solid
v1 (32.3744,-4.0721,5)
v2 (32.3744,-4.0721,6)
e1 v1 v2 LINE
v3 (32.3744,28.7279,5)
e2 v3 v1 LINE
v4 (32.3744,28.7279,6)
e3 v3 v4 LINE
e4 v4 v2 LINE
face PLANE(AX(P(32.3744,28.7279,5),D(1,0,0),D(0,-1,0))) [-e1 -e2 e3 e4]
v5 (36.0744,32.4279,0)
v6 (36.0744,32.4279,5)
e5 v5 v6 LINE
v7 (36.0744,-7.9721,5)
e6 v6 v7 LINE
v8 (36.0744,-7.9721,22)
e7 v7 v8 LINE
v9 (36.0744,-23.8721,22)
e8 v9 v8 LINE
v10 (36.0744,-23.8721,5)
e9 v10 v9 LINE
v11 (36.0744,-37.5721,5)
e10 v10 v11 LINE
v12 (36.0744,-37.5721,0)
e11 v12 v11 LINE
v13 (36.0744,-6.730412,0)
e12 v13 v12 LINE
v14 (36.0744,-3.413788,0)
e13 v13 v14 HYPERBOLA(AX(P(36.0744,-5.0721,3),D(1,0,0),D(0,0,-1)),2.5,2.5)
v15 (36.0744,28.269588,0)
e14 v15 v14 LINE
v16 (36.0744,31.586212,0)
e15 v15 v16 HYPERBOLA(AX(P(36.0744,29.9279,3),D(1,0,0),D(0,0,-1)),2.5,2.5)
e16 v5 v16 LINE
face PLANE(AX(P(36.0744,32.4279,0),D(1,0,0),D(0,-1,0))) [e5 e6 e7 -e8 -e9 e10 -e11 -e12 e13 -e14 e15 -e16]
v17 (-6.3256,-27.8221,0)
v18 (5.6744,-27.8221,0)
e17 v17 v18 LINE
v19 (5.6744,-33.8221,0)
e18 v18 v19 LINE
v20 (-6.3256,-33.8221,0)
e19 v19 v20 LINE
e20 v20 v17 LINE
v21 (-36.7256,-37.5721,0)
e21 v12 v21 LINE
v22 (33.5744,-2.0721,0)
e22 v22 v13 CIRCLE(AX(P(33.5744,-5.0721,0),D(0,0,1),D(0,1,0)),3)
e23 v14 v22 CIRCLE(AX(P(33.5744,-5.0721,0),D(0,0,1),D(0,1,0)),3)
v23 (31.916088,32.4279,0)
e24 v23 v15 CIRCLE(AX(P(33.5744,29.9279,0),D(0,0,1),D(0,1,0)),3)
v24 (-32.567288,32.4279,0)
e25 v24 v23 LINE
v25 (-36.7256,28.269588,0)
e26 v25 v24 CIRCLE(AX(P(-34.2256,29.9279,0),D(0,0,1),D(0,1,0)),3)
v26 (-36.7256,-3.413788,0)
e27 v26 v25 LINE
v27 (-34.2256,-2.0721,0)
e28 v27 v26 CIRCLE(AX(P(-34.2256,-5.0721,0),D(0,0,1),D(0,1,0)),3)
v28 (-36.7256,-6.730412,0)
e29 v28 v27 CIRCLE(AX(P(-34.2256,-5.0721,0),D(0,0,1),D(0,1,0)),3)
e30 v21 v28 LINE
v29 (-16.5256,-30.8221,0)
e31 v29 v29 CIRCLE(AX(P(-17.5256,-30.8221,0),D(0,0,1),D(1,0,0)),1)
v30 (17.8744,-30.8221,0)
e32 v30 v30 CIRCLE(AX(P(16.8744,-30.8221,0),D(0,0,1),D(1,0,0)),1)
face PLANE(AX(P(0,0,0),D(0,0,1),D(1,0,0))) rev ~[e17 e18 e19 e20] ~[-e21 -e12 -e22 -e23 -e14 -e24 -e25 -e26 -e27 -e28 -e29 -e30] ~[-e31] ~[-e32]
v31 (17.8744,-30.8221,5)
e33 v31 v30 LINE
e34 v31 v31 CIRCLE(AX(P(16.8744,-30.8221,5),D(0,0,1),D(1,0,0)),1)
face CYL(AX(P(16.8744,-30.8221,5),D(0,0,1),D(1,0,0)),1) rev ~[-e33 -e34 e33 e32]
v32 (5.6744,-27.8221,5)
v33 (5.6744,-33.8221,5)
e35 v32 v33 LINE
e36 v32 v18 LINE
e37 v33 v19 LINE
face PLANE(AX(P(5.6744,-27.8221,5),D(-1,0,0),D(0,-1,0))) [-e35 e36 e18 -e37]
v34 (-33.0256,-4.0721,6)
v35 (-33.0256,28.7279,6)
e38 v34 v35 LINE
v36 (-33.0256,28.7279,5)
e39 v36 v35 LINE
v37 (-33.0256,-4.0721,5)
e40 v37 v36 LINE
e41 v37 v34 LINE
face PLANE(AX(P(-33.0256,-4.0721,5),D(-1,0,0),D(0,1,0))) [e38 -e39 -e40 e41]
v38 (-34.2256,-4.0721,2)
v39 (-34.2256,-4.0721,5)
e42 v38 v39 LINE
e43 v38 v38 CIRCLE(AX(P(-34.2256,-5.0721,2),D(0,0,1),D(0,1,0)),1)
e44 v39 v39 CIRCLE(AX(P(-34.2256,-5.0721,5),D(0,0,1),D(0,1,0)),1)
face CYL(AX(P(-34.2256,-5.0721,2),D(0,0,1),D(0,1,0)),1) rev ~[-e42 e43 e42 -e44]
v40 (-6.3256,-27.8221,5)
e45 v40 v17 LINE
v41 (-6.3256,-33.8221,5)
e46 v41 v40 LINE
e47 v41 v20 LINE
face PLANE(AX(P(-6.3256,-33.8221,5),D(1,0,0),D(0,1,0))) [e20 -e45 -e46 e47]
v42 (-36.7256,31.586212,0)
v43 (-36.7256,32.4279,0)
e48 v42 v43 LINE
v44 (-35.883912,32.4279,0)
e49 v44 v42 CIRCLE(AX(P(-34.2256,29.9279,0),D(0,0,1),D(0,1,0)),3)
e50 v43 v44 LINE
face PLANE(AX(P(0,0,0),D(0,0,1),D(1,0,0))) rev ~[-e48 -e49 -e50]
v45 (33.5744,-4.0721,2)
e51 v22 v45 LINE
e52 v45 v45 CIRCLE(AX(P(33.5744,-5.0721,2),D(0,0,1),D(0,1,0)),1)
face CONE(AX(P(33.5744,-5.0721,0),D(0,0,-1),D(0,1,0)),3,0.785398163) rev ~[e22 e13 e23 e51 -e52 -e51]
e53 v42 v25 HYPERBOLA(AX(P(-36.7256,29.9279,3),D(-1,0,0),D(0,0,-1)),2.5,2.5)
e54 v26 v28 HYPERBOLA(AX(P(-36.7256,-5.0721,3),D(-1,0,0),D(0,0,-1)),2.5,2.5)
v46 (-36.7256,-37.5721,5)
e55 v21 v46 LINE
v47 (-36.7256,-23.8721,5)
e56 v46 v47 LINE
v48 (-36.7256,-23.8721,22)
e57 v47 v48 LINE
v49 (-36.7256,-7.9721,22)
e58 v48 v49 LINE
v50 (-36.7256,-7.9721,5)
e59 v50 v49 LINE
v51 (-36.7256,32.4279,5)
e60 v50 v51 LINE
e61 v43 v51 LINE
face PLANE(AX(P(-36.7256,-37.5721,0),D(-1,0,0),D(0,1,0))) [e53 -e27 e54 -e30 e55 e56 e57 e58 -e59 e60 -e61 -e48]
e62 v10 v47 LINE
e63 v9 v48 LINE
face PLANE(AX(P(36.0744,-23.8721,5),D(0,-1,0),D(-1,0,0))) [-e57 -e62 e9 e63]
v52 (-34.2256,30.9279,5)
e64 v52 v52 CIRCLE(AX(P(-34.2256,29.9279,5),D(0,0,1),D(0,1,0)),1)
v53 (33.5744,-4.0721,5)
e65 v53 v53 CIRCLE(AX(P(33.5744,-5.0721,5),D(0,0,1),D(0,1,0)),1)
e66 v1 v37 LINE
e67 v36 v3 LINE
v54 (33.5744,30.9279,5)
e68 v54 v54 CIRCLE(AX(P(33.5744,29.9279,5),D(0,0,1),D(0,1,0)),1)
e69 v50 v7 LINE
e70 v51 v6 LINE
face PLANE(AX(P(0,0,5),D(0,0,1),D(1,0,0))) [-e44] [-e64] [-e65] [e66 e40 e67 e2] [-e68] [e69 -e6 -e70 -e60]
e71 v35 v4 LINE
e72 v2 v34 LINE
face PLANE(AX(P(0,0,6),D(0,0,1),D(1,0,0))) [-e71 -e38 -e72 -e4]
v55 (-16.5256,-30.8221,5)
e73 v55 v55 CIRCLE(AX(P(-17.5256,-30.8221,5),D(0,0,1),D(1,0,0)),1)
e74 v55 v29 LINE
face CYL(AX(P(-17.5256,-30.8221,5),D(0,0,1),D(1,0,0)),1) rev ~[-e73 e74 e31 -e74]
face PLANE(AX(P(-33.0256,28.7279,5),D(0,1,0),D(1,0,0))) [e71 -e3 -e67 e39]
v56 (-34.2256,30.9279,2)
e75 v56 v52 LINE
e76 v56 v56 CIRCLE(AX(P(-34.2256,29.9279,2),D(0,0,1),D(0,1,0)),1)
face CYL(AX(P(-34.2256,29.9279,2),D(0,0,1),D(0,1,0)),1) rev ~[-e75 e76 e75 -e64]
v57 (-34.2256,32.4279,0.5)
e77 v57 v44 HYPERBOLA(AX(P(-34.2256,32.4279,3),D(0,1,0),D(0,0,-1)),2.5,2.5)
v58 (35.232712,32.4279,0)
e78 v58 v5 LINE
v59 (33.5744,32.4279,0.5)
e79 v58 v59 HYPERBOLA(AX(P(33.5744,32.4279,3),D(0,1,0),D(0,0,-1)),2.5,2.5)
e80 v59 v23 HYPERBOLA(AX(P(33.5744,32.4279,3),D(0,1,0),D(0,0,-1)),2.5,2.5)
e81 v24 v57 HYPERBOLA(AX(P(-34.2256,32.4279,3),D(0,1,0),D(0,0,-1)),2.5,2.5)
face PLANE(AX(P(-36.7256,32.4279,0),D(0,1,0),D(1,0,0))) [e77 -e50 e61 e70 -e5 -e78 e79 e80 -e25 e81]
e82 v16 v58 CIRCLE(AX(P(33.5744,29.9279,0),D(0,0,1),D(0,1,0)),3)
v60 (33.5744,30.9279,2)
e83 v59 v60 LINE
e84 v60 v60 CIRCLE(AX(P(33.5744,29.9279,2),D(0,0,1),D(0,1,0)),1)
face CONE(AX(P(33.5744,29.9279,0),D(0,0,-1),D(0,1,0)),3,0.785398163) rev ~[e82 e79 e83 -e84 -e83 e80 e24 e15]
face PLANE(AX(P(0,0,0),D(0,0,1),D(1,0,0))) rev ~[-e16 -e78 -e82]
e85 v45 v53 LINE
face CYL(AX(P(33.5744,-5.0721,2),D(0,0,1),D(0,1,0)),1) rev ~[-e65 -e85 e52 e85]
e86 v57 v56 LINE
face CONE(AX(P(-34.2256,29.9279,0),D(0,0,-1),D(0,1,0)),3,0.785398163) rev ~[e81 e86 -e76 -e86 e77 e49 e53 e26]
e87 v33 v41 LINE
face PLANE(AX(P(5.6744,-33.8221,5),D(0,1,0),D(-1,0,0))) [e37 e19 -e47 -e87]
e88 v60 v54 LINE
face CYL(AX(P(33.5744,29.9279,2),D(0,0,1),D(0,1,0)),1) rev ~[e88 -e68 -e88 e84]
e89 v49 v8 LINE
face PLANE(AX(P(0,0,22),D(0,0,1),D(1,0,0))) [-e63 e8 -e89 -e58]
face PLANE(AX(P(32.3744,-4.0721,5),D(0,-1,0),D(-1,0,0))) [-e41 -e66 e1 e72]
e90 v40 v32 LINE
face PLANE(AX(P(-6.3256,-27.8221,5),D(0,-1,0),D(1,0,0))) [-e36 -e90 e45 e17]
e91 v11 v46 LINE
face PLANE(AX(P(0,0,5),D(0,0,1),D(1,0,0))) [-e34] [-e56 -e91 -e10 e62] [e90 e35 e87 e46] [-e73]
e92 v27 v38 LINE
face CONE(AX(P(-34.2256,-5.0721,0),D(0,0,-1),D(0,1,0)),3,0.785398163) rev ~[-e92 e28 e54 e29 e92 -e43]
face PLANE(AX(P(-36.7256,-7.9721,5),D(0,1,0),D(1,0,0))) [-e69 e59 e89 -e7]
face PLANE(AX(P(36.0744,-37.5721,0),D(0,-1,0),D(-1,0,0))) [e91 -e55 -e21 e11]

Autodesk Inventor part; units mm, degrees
ref_plane "YZ Plane" through (0, 0, 0) normal (1, 0, 0) x (0, 1, 0)
ref_plane "XZ Plane" through (0, 0, 0) normal (0, 1, 0) x (-1, 0, 0)
ref_plane "XY Plane" through (0, 0, 0) normal (0, 0, 1) x (1, 0, 0)
sketch "Sketch1" plane through (0, 0, 0) normal (0, 0, 1) x (1, 0, 0)
  line L0 (-36.7256, 32.4279) -> (36.0744, 32.4279)
  line L1 (36.0744, 32.4279) -> (36.0744, -37.5721)
  line L2 (36.0744, -37.5721) -> (-36.7256, -37.5721)
  line L3 (-36.7256, -37.5721) -> (-36.7256, 32.4279)
  point P0 (0, 0)
  dimension "d0" = 72.8
  dimension "d1" = 70
extrude "Extrusion1" add sketch "Sketch1" along normal blind 5
sketch "Sketch14" plane through (0, 0, 5) normal (0, 0, 1) x (1, 0, 0)
  line L0 (-33.0256, 28.7279) -> (32.3744, 28.7279)
  line L1 (32.3744, 28.7279) -> (32.3744, -4.0721)
  line L2 (32.3744, -4.0721) -> (-33.0256, -4.0721)
  line L3 (-33.0256, -4.0721) -> (-33.0256, 28.7279)
  line L4 (-36.7256, 32.4279) -> (-36.7256, -37.5721) projected
  line L5 (36.0744, -37.5721) -> (36.0744, 32.4279) projected
  line L6 (36.0744, 32.4279) -> (-36.7256, 32.4279) projected
  line L7 (-36.7256, -23.9721) -> (36.0744, -23.9721) projected
  point P0 (0, 0)
  dimension "d92" = 3.7
  dimension "d93" = 3.7
  dimension "d94" = 3.7
  dimension "d99" = 32.8
extrude "Extrusion13" add sketch "Sketch14" along normal blind 1 contours L0 L1 L2 L3
sketch "Sketch15" plane through (0, 0, 0) normal (0, 0, -1) x (-1, 0, 0)
  circle A0 centre (-33.5744, 29.9279) radius 1
  line L0 (36.7256, 32.4279) -> (-36.0744, 32.4279) projected
  line L1 (-36.0744, 32.4279) -> (-36.0744, -37.5721) projected
  line L2 (0.3256, 31.1231) -> (0.3256, 16.9299)
  circle A1 centre (34.2256, 29.9279) radius 1
  line L3 (-36.0744, -7.5721) -> (36.7256, -7.5721)
  line L4 (-36.0744, 12.4279) -> (-22.7568, 12.4279)
  circle A2 centre (-33.5744, -5.0721) radius 1
  circle A3 centre (34.2256, -5.0721) radius 1
  point P0 (0, 0)
  dimension "d100" = 2
  dimension "d101" = 2.5
  dimension "d102" = 2.5
  dimension "d103" = 40
  dimension "d104" = 20
hole "Hole2" at (33.5744, 29.9279, 0) at (-34.2256, 29.9279, 0) at (-34.2256, -5.0721, 0) at (33.5744, -5.0721, 0) direction (0, 0, 1) diameter 2 end through all countersink diameter 6 countersink angle 90
sketch "Sketch18" plane through (0, 0, 5) normal (0, 0, 1) x (1, 0, 0)
  line L0 (-36.7256, -37.5721) -> (-36.7256, -6.7304) projected
  line L1 (36.0744, -37.5721) -> (36.0744, 32.4279) projected
  line L2 (-36.7256, -7.9721) -> (36.0744, -7.9721)
  line L3 (36.0744, -7.9721) -> (36.0744, -23.8721)
  line L4 (36.0744, -23.8721) -> (-36.7256, -23.8721)
  line L5 (-36.7256, -23.8721) -> (-36.7256, -7.9721)
  line L6 (-33.0256, -4.0721) -> (32.3744, -4.0721) projected
  line L7 (-36.7256, -37.5721) -> (36.0744, -37.5721) projected
  point P0 (0, 0)
  dimension "d123" = 3.9
  dimension "d124" = 13.7
extrude "Extrusion16" add sketch "Sketch18" along normal blind 17 contours L0 L2 L1 L4
sketch "Sketch19" plane through (0, 0, 5) normal (0, 0, 1) x (1, 0, 0)
  line L0 (-36.7256, -37.5721) -> (36.0744, -37.5721) projected
  line L1 (-0.3256, -37.5721) -> (-0.3256, -23.8721)
  line L2 (-36.7256, -23.8721) -> (36.0744, -23.8721) projected
  circle A0 centre (-17.5256, -30.8221) radius 1
  circle A1 centre (16.8744, -30.8221) radius 1
  point P0 (0, 0)
  dimension "d127" = 2
  dimension "d128" = 2
  dimension "d129" = 6.75
  dimension "d130" = 6.75
  dimension "d131" = 17.2
  dimension "d132" = 17.2
extrude "Extrusion17" cut sketch "Sketch19" against normal through all
sketch "Sketch20" plane through (0, 0, 5) normal (0, 0, 1) x (1, 0, 0)
  line L0 (-6.3256, -27.8221) -> (5.6744, -27.8221)
  line L1 (5.6744, -27.8221) -> (5.6744, -33.8221)
  line L2 (5.6744, -33.8221) -> (-6.3256, -33.8221)
  line L3 (-6.3256, -33.8221) -> (-6.3256, -27.8221)
  line L4 (-36.7256, -37.5721) -> (36.0744, -37.5721) projected
  line L5 (-36.7256, -23.8721) -> (-36.7256, -37.5721) projected
  point P0 (0, 0)
  dimension "d135" = 12
  dimension "d136" = 6
  dimension "d137" = 3.75
  dimension "d138" = 30.4
extrude "Extrusion18" cut sketch "Sketch20" against normal through all
properties part number "Solonoid holder"
